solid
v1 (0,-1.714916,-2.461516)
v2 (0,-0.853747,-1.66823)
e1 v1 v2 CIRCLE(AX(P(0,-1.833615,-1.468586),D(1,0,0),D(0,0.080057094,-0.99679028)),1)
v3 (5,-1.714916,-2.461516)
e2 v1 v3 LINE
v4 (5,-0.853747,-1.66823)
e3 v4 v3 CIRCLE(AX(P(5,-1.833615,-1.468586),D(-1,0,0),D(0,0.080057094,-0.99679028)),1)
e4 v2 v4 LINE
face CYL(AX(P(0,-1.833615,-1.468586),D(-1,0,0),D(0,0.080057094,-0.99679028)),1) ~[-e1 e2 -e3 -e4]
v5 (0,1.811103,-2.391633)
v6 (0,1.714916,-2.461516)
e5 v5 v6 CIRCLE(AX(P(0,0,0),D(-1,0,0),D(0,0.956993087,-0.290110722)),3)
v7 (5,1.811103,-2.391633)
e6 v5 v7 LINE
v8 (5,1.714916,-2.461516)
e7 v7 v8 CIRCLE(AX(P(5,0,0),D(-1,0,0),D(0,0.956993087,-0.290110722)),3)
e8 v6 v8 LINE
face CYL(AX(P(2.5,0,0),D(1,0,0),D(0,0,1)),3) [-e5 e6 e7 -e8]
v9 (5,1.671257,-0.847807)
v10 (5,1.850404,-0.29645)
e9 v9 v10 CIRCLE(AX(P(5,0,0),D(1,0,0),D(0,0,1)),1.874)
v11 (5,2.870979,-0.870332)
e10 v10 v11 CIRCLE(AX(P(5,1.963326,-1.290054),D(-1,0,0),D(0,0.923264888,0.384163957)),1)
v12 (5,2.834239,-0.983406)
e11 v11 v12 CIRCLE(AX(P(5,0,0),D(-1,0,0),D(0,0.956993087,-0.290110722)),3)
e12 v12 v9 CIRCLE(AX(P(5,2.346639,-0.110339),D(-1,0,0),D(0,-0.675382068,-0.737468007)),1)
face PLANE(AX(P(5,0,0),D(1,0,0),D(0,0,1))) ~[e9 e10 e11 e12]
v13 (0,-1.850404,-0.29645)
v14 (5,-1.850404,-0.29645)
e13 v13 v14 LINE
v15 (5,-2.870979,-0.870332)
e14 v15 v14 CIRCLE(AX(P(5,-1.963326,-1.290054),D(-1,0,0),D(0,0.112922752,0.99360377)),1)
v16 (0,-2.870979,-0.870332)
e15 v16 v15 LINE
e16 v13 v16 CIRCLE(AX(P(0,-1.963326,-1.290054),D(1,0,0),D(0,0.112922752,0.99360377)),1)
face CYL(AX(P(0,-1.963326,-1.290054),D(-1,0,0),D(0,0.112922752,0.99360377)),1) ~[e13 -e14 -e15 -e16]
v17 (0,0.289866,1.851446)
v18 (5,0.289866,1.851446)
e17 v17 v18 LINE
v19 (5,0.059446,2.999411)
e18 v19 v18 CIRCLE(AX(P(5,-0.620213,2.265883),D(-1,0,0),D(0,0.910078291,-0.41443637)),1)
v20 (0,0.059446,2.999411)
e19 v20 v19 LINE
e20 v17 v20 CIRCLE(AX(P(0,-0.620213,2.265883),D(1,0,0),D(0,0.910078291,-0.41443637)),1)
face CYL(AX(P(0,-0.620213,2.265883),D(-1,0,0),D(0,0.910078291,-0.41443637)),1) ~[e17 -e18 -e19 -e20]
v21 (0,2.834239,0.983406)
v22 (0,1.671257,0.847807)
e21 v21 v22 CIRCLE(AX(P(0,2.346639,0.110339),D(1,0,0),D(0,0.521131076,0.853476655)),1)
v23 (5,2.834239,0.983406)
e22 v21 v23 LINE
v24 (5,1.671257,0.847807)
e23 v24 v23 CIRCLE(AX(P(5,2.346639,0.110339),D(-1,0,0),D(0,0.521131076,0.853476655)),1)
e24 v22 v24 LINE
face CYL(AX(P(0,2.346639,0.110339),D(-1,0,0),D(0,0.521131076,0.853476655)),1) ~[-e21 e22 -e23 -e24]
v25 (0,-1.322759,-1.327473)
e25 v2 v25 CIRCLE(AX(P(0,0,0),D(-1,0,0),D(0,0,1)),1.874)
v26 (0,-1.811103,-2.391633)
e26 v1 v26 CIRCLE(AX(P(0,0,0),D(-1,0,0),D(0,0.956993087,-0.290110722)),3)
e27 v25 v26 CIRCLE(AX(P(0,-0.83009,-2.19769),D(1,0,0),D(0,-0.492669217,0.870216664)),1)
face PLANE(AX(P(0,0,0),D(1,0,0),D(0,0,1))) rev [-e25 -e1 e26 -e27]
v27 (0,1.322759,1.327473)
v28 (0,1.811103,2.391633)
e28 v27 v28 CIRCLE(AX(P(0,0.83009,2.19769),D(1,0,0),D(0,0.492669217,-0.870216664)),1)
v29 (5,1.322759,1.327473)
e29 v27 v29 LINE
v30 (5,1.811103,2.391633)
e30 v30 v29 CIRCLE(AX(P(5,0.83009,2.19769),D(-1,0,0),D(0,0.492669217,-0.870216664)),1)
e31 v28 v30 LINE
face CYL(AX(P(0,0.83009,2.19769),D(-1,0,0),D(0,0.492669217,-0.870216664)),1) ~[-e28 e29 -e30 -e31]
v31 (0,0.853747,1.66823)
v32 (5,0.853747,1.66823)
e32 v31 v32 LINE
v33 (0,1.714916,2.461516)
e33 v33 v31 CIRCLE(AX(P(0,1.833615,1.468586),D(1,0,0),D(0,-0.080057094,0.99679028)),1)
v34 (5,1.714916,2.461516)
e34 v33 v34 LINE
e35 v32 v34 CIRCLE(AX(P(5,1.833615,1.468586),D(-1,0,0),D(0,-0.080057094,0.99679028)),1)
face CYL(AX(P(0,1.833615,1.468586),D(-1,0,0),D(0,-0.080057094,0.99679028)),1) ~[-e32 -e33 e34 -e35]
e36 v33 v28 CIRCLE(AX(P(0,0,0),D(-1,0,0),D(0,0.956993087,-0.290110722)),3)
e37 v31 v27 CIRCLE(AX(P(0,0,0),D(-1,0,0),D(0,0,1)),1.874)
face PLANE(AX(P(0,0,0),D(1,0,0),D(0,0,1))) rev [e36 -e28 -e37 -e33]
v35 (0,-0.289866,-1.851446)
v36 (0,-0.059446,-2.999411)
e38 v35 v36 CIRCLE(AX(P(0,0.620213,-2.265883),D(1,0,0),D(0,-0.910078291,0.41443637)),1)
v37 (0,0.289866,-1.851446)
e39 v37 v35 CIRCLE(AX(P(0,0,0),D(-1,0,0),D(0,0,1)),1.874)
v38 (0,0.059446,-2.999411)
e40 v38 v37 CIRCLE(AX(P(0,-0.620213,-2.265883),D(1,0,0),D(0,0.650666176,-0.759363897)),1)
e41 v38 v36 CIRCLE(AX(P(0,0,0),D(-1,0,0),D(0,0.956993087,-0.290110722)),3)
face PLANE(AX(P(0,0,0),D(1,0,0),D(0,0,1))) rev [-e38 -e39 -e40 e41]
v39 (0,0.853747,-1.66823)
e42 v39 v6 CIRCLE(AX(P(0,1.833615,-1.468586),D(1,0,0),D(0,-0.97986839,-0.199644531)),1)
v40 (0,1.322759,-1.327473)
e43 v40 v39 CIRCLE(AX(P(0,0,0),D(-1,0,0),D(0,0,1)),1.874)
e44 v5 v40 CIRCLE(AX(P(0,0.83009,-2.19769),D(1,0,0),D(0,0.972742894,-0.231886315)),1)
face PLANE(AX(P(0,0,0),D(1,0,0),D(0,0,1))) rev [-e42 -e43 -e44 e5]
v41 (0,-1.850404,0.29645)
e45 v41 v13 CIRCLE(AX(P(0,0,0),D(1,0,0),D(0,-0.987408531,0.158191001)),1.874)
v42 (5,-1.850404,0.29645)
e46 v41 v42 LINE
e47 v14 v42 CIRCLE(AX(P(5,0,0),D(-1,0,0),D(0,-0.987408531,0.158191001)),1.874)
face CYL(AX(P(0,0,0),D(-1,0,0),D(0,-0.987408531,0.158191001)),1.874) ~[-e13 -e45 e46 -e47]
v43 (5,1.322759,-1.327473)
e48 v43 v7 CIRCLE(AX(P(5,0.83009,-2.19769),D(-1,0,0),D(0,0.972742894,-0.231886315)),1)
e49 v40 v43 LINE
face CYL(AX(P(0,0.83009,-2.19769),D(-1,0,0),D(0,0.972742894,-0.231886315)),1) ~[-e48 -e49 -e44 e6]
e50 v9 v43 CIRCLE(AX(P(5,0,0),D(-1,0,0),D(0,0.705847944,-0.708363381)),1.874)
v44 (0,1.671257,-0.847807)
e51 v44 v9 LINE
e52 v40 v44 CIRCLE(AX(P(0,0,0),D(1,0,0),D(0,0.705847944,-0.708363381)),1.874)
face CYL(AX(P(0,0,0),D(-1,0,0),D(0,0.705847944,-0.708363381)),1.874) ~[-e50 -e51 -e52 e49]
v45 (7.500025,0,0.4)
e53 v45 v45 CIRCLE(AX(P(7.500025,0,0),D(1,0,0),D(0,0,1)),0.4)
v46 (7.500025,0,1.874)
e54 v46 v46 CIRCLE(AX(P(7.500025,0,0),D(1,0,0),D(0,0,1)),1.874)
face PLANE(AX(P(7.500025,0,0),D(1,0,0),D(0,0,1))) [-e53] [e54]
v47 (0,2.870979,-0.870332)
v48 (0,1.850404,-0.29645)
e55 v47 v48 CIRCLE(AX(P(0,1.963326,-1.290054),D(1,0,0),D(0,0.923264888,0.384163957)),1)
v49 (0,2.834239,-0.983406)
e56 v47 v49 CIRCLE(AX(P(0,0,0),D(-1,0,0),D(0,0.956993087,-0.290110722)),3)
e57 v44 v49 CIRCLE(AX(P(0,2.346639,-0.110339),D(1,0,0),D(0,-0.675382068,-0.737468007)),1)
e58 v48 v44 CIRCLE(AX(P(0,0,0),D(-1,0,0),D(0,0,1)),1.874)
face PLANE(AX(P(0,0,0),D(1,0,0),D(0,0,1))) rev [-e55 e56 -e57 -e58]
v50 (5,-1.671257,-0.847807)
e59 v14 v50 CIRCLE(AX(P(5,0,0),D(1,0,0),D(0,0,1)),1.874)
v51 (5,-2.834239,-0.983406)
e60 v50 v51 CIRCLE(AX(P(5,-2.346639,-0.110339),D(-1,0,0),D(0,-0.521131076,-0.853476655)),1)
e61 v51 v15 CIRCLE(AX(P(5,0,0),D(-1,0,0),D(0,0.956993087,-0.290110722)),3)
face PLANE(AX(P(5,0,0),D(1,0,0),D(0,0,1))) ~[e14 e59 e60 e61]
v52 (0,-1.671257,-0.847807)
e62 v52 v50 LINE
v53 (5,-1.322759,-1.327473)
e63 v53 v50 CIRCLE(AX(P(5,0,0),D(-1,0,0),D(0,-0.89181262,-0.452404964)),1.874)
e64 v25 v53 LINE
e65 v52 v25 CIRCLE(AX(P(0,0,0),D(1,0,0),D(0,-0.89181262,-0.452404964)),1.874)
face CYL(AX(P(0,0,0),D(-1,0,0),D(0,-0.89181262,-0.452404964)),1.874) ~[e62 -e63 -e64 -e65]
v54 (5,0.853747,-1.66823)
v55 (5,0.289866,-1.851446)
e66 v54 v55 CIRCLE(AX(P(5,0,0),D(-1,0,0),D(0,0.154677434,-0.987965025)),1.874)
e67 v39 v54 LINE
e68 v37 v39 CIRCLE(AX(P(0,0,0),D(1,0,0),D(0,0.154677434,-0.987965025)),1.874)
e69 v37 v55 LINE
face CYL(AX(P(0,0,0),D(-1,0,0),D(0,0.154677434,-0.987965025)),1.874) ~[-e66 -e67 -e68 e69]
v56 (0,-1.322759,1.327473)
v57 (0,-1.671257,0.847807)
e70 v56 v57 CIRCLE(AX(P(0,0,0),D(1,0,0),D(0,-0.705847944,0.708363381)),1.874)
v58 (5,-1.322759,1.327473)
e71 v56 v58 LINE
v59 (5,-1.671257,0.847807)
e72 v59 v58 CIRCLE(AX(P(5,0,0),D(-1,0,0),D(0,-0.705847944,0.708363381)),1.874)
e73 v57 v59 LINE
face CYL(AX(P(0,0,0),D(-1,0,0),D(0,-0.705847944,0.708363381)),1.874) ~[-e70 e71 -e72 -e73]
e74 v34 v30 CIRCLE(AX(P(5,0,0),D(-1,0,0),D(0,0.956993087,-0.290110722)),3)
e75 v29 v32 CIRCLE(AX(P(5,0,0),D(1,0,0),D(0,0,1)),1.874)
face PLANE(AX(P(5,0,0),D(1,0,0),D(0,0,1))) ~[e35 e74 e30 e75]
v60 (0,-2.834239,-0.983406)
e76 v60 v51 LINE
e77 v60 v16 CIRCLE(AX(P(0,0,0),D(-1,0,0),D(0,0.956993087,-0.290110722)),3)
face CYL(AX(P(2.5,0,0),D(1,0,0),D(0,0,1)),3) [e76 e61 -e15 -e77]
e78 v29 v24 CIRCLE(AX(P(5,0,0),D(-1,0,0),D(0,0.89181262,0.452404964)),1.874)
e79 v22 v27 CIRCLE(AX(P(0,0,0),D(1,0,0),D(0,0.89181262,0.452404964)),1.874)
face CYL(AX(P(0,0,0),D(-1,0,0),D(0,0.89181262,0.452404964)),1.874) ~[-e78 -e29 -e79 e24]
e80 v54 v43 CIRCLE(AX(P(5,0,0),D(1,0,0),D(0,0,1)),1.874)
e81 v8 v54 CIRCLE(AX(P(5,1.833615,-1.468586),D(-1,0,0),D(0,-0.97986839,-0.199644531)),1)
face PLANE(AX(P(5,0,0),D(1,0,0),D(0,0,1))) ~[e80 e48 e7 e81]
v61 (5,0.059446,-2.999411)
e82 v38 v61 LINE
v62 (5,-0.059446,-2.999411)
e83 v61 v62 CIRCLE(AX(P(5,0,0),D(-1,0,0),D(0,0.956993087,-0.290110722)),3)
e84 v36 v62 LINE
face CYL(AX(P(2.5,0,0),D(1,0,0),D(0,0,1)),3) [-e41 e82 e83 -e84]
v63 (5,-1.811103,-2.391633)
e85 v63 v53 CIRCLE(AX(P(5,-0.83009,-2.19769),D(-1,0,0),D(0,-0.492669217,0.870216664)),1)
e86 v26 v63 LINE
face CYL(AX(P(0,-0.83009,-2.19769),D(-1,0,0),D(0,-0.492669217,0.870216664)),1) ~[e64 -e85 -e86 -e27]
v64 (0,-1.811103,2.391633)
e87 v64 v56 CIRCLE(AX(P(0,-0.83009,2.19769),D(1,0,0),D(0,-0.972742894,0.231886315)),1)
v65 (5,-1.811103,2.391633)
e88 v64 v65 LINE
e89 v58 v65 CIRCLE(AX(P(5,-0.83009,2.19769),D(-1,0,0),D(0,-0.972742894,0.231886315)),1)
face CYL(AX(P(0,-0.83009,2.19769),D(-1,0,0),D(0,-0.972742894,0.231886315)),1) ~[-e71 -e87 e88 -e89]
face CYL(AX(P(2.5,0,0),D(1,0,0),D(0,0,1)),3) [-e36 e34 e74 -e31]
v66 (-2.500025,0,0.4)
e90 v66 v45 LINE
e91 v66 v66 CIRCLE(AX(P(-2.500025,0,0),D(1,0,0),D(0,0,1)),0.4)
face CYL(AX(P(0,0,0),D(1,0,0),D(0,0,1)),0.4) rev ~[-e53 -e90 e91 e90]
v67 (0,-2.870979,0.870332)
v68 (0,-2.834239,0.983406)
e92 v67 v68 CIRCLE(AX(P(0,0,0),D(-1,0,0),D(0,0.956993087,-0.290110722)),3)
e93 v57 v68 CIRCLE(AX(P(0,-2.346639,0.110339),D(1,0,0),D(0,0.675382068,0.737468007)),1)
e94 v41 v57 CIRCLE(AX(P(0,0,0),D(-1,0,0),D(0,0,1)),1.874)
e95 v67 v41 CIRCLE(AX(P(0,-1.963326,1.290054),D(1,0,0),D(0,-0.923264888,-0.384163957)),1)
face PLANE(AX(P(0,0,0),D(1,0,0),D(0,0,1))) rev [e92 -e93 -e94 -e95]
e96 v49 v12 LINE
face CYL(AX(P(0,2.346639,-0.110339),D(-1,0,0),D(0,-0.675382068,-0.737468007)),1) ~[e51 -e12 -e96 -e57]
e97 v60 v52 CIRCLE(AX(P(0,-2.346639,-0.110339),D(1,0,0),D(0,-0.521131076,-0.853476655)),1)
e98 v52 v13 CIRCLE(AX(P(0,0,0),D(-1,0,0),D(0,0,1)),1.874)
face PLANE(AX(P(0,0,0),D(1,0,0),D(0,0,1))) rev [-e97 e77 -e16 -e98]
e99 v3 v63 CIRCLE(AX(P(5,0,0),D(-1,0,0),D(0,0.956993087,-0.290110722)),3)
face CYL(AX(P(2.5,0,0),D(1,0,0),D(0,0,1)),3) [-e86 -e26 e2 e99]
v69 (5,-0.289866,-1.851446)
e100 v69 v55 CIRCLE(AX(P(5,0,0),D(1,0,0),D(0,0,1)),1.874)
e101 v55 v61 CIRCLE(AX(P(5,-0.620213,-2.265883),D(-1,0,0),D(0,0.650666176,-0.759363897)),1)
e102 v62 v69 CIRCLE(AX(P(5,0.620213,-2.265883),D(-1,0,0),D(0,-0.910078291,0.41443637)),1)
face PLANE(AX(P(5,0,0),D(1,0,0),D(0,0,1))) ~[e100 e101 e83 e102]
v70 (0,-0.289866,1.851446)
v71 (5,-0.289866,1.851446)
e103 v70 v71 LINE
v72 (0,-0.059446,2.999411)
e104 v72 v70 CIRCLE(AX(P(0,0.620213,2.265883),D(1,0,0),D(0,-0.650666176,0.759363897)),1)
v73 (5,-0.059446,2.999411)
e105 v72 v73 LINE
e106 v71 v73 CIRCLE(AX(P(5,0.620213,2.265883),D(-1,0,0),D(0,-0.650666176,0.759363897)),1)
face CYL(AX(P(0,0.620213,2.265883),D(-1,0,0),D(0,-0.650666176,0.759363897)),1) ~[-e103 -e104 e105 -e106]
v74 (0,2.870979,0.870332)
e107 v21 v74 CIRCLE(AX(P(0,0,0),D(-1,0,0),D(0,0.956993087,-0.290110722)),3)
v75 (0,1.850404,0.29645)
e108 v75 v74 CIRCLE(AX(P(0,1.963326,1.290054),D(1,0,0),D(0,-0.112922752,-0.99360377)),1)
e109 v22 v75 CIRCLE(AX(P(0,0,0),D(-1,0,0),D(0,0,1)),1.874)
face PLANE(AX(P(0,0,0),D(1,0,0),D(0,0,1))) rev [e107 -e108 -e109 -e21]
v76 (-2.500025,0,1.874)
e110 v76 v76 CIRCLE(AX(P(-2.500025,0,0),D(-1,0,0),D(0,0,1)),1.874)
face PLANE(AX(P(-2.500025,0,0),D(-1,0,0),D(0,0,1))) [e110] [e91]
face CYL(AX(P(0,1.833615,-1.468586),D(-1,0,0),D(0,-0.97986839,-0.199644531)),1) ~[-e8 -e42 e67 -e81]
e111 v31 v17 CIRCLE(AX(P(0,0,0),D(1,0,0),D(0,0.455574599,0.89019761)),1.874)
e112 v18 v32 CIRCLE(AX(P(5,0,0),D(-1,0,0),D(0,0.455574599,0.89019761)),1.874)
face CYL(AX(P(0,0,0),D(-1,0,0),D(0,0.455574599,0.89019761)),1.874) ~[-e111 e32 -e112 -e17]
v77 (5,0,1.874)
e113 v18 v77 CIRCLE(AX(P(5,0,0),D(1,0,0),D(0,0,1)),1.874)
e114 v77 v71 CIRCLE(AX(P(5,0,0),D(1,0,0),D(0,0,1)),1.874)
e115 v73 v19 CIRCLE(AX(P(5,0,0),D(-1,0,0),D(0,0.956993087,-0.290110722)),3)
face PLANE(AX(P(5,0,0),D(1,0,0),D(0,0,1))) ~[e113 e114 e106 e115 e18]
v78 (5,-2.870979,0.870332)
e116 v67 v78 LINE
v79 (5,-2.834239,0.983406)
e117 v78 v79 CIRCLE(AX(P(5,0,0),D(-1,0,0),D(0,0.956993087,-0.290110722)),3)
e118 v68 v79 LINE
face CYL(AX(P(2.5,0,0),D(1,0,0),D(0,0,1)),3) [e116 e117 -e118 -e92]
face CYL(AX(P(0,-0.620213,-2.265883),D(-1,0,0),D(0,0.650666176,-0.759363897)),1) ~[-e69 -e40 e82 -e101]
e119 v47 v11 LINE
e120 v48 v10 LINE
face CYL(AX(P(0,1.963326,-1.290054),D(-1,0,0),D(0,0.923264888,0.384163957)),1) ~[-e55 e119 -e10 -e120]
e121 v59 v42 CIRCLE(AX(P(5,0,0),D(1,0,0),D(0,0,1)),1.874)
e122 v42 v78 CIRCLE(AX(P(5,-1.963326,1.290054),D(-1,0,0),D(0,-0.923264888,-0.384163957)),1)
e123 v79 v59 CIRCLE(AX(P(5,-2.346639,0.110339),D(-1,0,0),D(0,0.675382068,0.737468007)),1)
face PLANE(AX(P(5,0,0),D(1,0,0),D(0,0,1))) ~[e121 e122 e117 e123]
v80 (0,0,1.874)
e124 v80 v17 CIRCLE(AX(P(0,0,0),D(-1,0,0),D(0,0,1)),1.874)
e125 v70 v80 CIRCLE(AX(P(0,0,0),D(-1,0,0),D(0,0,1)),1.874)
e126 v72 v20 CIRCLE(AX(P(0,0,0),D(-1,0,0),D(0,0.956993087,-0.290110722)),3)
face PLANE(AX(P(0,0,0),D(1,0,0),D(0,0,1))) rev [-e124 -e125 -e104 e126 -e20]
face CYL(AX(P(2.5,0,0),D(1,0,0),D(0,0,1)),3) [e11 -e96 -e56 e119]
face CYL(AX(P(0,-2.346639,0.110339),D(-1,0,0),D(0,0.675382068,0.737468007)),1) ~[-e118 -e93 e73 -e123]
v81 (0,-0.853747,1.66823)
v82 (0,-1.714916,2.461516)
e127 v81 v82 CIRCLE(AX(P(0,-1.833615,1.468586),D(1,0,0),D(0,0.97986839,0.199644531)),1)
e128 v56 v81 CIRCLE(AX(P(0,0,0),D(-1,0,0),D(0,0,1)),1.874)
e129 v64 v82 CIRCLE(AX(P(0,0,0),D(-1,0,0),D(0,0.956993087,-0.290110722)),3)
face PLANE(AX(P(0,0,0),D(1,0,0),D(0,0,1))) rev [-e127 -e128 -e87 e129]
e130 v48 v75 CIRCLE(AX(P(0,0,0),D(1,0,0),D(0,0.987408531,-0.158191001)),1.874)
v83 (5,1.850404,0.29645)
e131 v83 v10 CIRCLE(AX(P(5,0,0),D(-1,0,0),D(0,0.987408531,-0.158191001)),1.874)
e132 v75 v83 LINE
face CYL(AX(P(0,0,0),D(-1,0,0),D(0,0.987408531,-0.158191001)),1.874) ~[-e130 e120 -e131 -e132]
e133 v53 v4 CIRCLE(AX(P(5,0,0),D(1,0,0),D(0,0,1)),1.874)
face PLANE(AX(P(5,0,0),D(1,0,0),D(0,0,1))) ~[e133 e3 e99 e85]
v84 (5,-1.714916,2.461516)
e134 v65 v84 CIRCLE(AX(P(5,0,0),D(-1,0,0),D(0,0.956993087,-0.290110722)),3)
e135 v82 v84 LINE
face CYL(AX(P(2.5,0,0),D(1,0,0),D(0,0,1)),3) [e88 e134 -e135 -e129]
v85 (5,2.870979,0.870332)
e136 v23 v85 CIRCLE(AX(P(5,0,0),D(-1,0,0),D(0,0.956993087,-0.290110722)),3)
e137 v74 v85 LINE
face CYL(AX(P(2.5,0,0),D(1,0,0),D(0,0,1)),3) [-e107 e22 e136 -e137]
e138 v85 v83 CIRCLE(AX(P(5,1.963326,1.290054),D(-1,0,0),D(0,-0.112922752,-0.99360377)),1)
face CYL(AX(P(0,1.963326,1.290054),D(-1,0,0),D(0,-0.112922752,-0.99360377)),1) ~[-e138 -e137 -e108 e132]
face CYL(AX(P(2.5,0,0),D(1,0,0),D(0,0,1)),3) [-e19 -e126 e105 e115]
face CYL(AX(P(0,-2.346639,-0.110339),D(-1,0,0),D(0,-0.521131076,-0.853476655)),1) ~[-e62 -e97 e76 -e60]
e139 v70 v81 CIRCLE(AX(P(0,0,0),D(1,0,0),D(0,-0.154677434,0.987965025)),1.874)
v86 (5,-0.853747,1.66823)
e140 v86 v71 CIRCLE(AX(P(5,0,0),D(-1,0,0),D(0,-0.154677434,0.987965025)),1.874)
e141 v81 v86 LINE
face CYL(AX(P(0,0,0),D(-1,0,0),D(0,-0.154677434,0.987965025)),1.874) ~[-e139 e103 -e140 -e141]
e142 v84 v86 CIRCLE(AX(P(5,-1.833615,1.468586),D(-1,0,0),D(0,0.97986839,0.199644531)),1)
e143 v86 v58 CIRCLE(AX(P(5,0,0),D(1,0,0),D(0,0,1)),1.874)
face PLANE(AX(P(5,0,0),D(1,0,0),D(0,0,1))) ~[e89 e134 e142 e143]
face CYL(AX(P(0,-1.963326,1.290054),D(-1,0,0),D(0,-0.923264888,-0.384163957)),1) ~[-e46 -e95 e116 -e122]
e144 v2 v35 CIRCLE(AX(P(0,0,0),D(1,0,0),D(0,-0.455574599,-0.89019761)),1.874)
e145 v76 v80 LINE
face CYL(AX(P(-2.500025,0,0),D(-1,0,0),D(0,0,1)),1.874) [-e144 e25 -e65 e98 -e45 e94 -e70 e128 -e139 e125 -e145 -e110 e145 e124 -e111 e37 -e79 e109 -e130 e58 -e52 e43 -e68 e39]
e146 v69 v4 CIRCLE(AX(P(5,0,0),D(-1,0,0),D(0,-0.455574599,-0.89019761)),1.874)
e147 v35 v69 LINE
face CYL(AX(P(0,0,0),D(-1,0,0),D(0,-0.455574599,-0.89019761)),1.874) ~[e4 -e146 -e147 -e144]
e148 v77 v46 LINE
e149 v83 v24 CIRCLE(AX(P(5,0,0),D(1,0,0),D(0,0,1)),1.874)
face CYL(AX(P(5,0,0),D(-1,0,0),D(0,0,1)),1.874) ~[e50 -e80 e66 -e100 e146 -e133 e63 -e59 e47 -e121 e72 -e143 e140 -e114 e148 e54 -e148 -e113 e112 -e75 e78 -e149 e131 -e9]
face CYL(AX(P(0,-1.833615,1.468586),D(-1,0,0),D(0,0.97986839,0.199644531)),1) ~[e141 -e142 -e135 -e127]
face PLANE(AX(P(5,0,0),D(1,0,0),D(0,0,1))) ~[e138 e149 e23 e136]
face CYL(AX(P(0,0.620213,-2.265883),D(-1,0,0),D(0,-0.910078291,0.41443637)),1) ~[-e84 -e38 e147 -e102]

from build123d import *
from build123d.topology import SkipClean

# Parameters (mm, degrees)
BASPROSKE_W       = 5
BASPROSKE_H       = 3
TOOTHCUT_DEPTH    = 7.557438524
TEETHCUTS_COUNT   = 10
TEETHCUTS_ANGLE   = 324
HUBNEARBOTH_START = 2.5000254
HUBNEABOTSKE_R    = 1.874
HUBNEARBOTH_DEPTH = 2.5000254
HUBFARSKE_R       = 1.874
HUBFAR_DEPTH      = 2.5000254
BORSKE_R          = 0.4
BORE_DEPTH        = 10.0000508


with BuildPart() as part:
    # BasProSke → Base-Revolve (revolve)
    with BuildSketch(Plane(origin=(0, 0, 0), x_dir=(1, 0, 0), z_dir=(0, 1, 0)), mode=Mode.PRIVATE) as base_revolve_sk:
        with Locations((2.5, 1.5)):
            Rectangle(BASPROSKE_W, BASPROSKE_H)
    revolve(base_revolve_sk.sketch.rotate(Axis((-10, 0, 0), (1, 0, 0)), 180), axis=Axis((-10, 0, 0), (1, 0, 0)))

    # TooCutSke → ToothCut (cut, through all)
    with BuildSketch(Plane(origin=(0, 0, 0), x_dir=(0, 0, -1), z_dir=(1, 0, 0))):
        with BuildLine():
            ThreePointArc((0.296449938, 1.850403587), (0, 1.874), (-0.296449938, 1.850403587))
            ThreePointArc((-0.296449938, 1.850403587), (-0.428089565, 2.470295585), (-0.905889751, 2.886591228))
            ThreePointArc((-0.905889751, 2.886591228), (0, 3.0254), (0.905889751, 2.886591228))
            ThreePointArc((0.905889751, 2.886591228), (0.428089565, 2.470295585), (0.296449938, 1.850403587))
        make_face()
    toothcut = extrude(amount=TOOTHCUT_DEPTH, mode=Mode.SUBTRACT)

    # TeethCuts: ToothCut ×10 about axis
    teethcuts_axis = Axis((-10, 0, 0), (1, 0, 0))
    for i in range(1, TEETHCUTS_COUNT):
        add(toothcut.rotate(teethcuts_axis, i * TEETHCUTS_ANGLE / (TEETHCUTS_COUNT - 1)), mode=Mode.SUBTRACT)

    # HubNeaBotSke → HubNearBoth (add)
    with SkipClean():  # the faces are left unmerged after this step: merging them gives an invalid solid
        with BuildSketch(Plane.ZY.offset(HUBNEARBOTH_START)):
            Circle(HUBNEABOTSKE_R)
        extrude(amount=-HUBNEARBOTH_DEPTH)

    # HubFarSke → HubFar (add)
    with SkipClean():  # the faces are left unmerged after this step: merging them gives an invalid solid
        with BuildSketch(Plane(origin=(5, 0, 0), x_dir=(0, 0, -1), z_dir=(1, 0, 0))):
            with Locations(Location((0, 0, 0), (0, 0, 180))):
                Circle(HUBFARSKE_R)
        extrude(amount=HUBFAR_DEPTH)

    # BorSke → Bore (cut, symmetric)
    with SkipClean():  # the faces are left unmerged after this step: merging them gives an invalid solid
        with BuildSketch(Plane(origin=(0, 0, 0), x_dir=(0, 0, -1), z_dir=(1, 0, 0))):
            with Locations(Location((0, 0, 0), (0, 0, 180))):
                Circle(BORSKE_R)
        extrude(amount=BORE_DEPTH, both=True, mode=Mode.SUBTRACT)


solid = part.part
